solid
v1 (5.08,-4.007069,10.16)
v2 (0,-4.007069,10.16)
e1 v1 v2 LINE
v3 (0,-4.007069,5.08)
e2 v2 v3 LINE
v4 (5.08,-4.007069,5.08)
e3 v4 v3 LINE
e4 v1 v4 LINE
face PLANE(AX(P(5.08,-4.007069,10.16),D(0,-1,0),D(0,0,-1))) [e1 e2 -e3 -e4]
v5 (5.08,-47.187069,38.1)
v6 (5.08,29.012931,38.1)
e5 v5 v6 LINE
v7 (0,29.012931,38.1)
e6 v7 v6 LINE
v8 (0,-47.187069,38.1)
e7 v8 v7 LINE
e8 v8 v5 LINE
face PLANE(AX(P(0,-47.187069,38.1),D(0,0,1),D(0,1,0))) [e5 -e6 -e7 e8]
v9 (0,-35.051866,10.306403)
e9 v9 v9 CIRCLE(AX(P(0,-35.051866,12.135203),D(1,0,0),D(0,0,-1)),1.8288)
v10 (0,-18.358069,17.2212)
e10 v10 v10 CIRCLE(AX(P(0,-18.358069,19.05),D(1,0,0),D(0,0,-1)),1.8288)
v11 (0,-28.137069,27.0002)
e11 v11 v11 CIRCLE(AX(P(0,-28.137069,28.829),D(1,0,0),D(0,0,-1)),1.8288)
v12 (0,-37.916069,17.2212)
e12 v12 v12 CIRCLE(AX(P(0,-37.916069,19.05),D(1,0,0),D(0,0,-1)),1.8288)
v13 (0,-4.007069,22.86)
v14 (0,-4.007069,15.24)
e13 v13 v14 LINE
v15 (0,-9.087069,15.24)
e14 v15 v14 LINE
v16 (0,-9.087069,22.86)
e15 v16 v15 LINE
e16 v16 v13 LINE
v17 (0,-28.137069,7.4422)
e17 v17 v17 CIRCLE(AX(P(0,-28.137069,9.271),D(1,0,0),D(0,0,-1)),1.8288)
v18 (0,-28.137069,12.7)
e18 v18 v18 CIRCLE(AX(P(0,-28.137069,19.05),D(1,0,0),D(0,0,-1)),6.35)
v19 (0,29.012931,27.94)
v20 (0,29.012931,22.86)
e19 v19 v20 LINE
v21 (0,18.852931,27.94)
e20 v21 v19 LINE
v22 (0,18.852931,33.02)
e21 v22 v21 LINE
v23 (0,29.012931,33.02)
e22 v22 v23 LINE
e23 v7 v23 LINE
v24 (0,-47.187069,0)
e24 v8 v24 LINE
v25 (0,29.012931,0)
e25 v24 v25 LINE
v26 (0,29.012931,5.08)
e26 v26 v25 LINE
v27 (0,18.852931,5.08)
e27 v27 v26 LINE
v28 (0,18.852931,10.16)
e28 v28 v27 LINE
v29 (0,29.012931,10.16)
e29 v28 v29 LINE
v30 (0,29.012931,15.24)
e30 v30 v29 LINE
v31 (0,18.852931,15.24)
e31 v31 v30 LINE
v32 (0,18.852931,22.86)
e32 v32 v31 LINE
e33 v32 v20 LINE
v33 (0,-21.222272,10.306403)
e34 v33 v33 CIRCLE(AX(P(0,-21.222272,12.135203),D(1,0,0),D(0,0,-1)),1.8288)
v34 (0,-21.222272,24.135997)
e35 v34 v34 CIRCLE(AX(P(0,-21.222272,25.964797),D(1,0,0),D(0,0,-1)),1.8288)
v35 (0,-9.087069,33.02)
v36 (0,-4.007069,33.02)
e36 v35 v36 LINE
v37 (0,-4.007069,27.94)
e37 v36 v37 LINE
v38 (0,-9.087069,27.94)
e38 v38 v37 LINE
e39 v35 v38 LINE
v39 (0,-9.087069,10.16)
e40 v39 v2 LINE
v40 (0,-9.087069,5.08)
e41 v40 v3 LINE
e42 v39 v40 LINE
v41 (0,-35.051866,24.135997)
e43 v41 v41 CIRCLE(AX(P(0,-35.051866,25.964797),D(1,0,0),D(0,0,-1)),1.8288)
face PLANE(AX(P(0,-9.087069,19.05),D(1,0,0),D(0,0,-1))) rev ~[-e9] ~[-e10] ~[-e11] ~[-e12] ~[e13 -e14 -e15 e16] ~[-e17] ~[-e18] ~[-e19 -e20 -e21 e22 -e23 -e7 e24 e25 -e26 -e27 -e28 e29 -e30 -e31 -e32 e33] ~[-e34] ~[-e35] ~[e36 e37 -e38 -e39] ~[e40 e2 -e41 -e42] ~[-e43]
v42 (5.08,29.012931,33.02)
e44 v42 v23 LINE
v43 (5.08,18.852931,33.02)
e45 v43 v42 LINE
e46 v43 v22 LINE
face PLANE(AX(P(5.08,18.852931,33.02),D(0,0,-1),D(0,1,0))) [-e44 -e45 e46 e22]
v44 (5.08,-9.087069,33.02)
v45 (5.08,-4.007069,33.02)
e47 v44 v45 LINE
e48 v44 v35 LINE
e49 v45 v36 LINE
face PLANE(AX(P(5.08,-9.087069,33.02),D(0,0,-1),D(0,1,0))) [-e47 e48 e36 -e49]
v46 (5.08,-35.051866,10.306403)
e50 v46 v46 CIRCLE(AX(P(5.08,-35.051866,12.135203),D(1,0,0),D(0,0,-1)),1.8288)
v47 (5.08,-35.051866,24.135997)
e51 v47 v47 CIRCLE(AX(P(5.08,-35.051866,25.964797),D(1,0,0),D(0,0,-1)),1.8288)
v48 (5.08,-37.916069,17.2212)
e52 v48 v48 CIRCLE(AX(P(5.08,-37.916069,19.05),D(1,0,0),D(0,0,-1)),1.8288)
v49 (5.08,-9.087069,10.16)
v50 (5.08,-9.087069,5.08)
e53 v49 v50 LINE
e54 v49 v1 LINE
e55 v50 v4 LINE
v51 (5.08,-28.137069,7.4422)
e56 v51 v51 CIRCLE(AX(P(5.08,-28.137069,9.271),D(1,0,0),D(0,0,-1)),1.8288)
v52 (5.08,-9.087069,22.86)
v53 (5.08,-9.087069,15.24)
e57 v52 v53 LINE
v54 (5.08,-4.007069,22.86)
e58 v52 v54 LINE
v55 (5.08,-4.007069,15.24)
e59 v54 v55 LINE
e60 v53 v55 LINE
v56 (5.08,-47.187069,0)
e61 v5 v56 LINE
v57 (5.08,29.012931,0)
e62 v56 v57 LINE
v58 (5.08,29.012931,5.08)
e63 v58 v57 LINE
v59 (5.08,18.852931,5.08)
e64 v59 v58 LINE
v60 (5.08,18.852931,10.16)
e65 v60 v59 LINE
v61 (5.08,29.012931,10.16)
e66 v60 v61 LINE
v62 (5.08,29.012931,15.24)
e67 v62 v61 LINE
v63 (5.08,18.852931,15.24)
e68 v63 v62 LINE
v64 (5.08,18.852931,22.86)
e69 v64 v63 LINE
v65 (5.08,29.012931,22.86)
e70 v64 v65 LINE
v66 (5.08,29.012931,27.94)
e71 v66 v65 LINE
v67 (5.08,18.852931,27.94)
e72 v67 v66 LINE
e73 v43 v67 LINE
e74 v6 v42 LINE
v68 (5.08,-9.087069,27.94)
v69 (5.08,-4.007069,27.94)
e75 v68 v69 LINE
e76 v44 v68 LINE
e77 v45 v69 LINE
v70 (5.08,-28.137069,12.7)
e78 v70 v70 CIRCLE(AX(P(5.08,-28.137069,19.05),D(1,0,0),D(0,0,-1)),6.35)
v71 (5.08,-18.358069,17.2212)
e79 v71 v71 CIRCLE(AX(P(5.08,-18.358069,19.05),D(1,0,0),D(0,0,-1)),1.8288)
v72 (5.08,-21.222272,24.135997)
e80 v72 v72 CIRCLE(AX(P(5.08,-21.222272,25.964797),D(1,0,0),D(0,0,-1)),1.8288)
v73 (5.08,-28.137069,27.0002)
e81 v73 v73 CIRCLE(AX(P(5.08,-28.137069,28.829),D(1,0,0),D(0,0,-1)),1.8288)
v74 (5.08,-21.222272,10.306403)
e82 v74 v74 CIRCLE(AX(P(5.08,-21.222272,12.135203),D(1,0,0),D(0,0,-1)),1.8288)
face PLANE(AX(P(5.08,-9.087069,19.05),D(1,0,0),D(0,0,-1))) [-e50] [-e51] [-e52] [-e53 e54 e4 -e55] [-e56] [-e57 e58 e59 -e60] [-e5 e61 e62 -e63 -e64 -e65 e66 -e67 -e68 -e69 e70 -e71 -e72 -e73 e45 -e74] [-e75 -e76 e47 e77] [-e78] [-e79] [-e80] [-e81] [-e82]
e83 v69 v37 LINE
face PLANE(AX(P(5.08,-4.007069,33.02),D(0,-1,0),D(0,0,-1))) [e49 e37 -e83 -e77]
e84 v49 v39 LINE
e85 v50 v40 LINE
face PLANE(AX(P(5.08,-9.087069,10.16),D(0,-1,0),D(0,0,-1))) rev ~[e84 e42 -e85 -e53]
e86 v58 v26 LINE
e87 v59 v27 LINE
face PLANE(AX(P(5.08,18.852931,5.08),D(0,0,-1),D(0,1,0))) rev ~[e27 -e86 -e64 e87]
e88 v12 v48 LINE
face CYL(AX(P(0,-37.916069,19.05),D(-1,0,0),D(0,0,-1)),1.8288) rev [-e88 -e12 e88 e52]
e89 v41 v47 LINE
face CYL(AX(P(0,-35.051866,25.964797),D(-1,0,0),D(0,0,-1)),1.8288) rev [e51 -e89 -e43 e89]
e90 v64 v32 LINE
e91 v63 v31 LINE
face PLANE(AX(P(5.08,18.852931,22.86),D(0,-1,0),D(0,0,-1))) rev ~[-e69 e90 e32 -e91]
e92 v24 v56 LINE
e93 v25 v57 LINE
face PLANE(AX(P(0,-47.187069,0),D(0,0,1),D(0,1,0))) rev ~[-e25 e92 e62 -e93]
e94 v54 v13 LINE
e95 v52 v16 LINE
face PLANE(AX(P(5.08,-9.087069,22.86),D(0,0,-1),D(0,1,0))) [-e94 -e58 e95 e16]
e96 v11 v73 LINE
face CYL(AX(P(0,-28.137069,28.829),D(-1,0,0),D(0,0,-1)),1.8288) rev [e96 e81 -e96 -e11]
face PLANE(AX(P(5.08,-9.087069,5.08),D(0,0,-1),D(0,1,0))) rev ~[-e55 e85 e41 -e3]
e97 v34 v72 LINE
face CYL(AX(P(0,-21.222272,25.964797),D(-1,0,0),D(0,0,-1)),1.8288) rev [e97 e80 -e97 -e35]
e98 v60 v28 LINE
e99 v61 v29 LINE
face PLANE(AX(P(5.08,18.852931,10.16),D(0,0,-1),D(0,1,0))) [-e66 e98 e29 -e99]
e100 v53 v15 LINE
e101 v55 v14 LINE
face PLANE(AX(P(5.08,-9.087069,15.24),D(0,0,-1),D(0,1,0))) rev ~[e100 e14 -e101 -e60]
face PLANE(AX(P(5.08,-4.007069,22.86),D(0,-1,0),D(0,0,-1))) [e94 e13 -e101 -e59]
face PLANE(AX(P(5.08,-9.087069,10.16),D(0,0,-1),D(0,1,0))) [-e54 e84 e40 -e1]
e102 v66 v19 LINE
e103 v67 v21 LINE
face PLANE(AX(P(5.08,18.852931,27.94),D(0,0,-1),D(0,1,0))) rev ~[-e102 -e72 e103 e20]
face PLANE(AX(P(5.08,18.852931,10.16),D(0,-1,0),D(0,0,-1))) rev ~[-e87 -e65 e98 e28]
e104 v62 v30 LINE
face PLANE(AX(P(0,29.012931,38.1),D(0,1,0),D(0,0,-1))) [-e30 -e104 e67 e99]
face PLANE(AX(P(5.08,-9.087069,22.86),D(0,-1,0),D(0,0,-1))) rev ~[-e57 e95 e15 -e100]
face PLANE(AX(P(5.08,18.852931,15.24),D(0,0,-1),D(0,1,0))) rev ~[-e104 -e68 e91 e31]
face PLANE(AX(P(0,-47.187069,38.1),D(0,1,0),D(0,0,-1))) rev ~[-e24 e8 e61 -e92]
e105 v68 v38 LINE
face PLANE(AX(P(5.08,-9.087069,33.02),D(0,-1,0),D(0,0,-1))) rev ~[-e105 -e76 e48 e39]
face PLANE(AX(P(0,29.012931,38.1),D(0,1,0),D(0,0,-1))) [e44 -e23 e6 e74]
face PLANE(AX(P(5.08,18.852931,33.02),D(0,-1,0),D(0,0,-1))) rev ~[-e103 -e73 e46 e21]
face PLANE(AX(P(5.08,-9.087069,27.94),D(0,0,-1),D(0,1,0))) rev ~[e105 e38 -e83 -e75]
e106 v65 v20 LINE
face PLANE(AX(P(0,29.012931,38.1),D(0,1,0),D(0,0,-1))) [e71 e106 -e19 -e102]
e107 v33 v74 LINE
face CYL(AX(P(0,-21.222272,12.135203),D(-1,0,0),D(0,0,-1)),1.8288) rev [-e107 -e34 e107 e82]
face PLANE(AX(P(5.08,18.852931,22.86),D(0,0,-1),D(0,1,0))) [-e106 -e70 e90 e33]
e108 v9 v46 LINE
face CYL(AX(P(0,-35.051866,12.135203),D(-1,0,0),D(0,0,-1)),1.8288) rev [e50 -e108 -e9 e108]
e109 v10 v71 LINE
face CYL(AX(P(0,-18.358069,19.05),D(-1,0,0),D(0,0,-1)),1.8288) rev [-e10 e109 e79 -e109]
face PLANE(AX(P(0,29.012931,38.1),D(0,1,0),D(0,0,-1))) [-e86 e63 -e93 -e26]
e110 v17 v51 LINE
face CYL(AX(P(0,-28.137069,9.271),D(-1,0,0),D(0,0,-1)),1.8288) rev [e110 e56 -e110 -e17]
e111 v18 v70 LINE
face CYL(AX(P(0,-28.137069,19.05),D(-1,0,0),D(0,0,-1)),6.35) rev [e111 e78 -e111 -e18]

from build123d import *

# Parameters (mm, degrees)
SKETCH1_W           = 38.1
SKETCH1_H           = 76.2
SKETCH1_R           = 1.8288
SKETCH1_R_2         = 6.35
BOSS_EXTRUDE1_DEPTH = 5.08
SKETCH2_W           = 5.08
SKETCH2_H           = 10.16
SKETCH2_W_2         = 7.62
SKETCH2_H_2         = 5.08
CUT_EXTRUDE1_DEPTH  = 5.08


with BuildPart() as part:
    # Sketch1 → Boss-Extrude1 (new body)
    with BuildSketch(Plane(origin=(0, 0, 0), x_dir=(0, 0, -1), z_dir=(1, 0, 0))):
        with Locations((-19.05, -9.087068966)):
            Rectangle(SKETCH1_W, SKETCH1_H)
        with Locations((-19.05, -18.358068966)):
            Circle(SKETCH1_R, mode=Mode.SUBTRACT)
        with Locations((-19.05, -28.137068966)):
            Circle(SKETCH1_R_2, mode=Mode.SUBTRACT)
        with Locations((-12.135202787, -21.222271752)):
            Circle(SKETCH1_R, mode=Mode.SUBTRACT)
        with Locations((-9.271, -28.137068966)):
            Circle(SKETCH1_R, mode=Mode.SUBTRACT)
        with Locations((-12.135202787, -35.051866179)):
            Circle(SKETCH1_R, mode=Mode.SUBTRACT)
        with Locations((-19.05, -37.916068966)):
            Circle(SKETCH1_R, mode=Mode.SUBTRACT)
        with Locations((-25.964797213, -35.051866179)):
            Circle(SKETCH1_R, mode=Mode.SUBTRACT)
        with Locations((-28.829, -28.137068966)):
            Circle(SKETCH1_R, mode=Mode.SUBTRACT)
        with Locations((-25.964797213, -21.222271752)):
            Circle(SKETCH1_R, mode=Mode.SUBTRACT)
    extrude(amount=BOSS_EXTRUDE1_DEPTH)

    # Sketch2 → Cut-Extrude1 (cut)
    with BuildSketch(Plane(origin=(5.08, 0, 0), x_dir=(0, 0, -1), z_dir=(1, 0, 0))):
        with Locations((-30.48, 23.932931034)):
            Rectangle(SKETCH2_W, SKETCH2_H)
        with Locations((-7.62, 23.932931034)):
            Rectangle(SKETCH2_W, SKETCH2_H)
        with Locations((-19.05, 23.932931034)):
            Rectangle(SKETCH2_W_2, SKETCH2_H)
        with Locations((-30.48, -6.547068966)):
            Rectangle(SKETCH2_W, SKETCH2_H_2)
        with Locations((-19.05, -6.547068966)):
            Rectangle(SKETCH2_W_2, SKETCH2_H_2)
        with Locations((-7.62, -6.547068966)):
            Rectangle(SKETCH2_W, SKETCH2_H_2)
    extrude(amount=-CUT_EXTRUDE1_DEPTH, mode=Mode.SUBTRACT)


solid = part.part
